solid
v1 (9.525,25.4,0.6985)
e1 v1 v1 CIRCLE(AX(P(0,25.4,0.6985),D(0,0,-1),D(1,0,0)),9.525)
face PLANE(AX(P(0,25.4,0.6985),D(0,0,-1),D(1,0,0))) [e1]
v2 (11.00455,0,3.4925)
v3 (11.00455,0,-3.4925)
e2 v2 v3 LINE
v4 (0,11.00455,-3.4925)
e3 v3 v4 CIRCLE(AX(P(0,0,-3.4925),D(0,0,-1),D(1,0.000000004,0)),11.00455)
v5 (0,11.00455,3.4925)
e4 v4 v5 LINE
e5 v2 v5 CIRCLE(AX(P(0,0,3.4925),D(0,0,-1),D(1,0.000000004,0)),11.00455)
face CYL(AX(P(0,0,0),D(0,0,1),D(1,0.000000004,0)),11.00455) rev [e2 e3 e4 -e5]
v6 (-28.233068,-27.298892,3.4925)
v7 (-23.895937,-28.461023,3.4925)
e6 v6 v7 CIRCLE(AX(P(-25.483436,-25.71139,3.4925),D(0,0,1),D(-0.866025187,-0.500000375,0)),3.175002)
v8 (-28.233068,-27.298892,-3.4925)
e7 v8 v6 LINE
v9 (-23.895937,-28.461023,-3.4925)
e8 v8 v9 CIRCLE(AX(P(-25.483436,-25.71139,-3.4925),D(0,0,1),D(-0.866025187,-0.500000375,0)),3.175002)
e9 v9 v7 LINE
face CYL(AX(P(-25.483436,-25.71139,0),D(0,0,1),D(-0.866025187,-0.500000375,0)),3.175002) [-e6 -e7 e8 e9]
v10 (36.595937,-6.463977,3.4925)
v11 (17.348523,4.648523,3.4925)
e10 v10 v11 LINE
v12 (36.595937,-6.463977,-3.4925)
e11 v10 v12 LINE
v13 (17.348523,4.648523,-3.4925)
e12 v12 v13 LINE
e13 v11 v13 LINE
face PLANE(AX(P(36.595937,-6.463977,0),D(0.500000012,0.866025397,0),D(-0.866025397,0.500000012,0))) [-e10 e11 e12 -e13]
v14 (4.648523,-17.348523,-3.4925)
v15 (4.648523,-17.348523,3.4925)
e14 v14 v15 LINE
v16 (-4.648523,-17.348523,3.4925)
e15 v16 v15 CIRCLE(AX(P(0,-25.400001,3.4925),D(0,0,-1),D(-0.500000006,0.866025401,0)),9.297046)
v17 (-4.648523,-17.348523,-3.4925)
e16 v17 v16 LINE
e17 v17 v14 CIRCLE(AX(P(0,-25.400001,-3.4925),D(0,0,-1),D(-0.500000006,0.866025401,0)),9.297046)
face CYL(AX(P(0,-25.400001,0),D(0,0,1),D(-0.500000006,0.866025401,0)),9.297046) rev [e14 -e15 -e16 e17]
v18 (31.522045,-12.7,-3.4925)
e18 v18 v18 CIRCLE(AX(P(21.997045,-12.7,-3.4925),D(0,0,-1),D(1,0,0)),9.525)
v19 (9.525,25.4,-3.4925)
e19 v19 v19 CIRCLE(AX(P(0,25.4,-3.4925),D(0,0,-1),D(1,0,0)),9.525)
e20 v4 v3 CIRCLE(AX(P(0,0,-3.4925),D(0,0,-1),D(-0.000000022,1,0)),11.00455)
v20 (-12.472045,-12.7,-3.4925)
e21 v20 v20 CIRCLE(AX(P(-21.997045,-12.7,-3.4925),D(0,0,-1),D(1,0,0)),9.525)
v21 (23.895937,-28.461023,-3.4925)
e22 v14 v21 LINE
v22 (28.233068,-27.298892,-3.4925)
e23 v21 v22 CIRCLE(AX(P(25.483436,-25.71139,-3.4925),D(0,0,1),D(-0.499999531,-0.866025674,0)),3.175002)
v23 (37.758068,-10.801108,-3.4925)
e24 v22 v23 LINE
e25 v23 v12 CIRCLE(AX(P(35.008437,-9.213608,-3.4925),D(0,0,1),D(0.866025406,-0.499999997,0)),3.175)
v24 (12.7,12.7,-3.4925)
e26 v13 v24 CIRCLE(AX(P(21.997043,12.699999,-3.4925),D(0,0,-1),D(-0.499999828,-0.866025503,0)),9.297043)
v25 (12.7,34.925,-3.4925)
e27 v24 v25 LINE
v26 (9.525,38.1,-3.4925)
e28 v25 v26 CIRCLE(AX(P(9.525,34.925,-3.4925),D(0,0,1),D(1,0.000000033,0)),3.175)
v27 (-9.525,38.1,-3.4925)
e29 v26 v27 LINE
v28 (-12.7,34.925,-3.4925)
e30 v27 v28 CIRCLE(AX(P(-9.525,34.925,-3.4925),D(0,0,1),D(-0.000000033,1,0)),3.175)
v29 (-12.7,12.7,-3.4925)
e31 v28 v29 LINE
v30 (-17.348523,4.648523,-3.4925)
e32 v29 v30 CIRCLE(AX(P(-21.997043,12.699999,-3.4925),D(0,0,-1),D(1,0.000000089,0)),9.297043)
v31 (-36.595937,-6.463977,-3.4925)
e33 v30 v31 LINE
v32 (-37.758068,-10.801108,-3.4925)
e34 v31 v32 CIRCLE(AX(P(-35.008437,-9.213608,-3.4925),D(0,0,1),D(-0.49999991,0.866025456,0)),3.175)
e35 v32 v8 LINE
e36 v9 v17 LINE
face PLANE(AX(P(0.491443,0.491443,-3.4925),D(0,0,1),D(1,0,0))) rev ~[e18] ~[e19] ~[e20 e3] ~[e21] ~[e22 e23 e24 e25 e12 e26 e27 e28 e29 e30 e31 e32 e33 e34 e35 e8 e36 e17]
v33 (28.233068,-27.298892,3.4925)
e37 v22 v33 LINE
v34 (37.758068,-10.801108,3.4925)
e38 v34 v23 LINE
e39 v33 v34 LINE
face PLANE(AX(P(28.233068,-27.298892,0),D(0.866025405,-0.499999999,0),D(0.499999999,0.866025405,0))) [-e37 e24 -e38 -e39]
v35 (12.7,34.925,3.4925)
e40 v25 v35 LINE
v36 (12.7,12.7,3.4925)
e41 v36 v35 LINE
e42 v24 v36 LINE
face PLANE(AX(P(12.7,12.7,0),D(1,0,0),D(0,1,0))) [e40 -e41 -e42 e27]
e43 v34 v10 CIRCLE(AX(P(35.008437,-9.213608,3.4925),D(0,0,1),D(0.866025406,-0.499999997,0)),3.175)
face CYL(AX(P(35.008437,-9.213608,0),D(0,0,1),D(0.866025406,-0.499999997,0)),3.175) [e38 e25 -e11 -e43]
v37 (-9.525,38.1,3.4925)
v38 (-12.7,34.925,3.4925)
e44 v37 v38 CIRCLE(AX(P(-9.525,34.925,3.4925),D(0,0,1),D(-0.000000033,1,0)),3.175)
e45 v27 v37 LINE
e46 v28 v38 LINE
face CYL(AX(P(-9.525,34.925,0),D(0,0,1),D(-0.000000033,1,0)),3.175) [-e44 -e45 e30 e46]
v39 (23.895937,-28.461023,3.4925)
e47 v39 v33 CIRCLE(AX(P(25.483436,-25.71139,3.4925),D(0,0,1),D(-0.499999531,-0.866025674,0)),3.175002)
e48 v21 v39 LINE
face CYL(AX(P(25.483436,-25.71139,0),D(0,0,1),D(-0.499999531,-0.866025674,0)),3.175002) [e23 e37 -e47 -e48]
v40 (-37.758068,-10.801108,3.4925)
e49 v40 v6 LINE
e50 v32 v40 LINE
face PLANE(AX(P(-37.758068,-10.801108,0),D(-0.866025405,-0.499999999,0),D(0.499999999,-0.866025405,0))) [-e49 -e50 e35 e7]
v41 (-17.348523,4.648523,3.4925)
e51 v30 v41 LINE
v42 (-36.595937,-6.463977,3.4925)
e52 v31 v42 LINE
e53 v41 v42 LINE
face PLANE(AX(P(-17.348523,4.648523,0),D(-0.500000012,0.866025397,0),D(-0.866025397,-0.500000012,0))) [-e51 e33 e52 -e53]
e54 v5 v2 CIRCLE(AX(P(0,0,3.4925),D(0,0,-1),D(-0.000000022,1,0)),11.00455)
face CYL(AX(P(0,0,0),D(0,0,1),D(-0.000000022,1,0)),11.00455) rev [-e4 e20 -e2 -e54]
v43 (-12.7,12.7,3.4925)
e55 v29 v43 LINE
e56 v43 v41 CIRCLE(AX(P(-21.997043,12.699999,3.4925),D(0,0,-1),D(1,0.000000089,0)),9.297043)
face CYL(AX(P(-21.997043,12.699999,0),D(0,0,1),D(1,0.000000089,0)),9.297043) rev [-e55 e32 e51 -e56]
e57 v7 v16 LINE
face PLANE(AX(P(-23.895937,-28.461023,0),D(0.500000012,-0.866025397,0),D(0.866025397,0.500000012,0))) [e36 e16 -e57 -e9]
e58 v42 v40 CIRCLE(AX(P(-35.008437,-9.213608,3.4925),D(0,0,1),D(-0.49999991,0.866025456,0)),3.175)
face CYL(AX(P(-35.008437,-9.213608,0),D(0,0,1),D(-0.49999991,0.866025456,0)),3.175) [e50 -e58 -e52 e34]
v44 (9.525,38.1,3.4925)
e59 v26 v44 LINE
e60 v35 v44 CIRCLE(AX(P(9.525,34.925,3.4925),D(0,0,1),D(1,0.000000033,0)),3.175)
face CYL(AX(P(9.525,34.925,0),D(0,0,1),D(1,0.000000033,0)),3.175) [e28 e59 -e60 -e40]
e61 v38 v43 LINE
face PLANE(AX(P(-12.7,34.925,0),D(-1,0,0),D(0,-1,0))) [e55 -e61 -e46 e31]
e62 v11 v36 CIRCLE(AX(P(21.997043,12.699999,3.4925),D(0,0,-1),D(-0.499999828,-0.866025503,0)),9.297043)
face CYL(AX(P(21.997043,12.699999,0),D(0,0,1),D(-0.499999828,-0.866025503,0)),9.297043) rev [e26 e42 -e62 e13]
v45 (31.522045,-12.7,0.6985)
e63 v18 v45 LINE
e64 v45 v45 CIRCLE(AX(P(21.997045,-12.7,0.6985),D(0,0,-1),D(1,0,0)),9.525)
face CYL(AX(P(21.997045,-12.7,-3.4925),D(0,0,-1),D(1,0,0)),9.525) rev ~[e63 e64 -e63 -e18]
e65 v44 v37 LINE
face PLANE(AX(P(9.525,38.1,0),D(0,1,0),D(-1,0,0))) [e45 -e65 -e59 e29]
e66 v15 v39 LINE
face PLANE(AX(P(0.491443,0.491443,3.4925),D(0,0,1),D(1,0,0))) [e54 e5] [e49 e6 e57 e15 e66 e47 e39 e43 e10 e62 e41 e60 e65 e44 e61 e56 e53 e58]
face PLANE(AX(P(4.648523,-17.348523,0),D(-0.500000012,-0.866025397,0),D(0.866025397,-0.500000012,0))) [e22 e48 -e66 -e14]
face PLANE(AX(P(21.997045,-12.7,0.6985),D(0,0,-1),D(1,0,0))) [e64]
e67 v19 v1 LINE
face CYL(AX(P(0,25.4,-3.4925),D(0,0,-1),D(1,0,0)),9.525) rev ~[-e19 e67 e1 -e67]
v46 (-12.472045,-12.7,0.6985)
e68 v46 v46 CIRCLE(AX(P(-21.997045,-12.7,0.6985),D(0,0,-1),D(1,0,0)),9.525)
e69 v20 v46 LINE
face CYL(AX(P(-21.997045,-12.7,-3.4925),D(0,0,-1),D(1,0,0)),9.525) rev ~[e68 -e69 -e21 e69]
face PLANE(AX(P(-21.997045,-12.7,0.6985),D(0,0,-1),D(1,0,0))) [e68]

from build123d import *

# Parameters (mm, degrees)
F1_DEPTH = 3.4925
F3_R     = 9.525
F4_DEPTH = 4.191


with BuildPart() as f1:
    # F0 (on Top) → F1 (new body, symmetric)
    with BuildSketch(Plane.XY):
        with BuildLine():
            ThreePointArc((0, 11.00455), (-7.781392, -7.781392), (11.00455, 0))
            ThreePointArc((11.00455, 0), (7.781392, 7.781392), (0, 11.00455))
        make_face()
        with BuildLine():
            Line((12.7, 12.7), (0, 12.7))
            Line((0, 12.7), (-12.7, 12.7))
            ThreePointArc((-12.7, 12.7), (-13.945568, 8.051477), (-17.348523, 4.648523))
            Line((-17.348523, 4.648523), (-4.648523, -17.348523))
            ThreePointArc((-4.648523, -17.348523), (0, -16.102955), (4.648523, -17.348523))
            Line((4.648523, -17.348523), (17.348523, 4.648523))
            ThreePointArc((17.348523, 4.648523), (13.945568, 8.051477), (12.7, 12.7))
        make_face()
        with BuildLine():
            ThreePointArc((0, 11.00455), (7.781392, 7.781392), (11.00455, 0))
            ThreePointArc((11.00455, 0), (-7.781392, -7.781392), (0, 11.00455))
        make_face(mode=Mode.SUBTRACT)
        with BuildLine():
            Line((-12.7, 12.7), (0, 12.7))
            Line((0, 12.7), (12.7, 12.7))
            Line((12.7, 12.7), (12.7, 34.925))
            ThreePointArc((12.7, 34.925), (11.770064, 37.170064), (9.525, 38.1))
            Line((9.525, 38.1), (-9.525, 38.1))
            ThreePointArc((-9.525, 38.1), (-11.770064, 37.170064), (-12.7, 34.925))
            Line((-12.7, 34.925), (-12.7, 12.7))
        make_face()
        with BuildLine():
            Line((-4.648523, -17.348523), (-17.348523, 4.648523))
            Line((-17.348523, 4.648523), (-36.595937, -6.463977))
            ThreePointArc((-36.595937, -6.463977), (-38.075252, -8.391858), (-37.758068, -10.801108))
            Line((-37.758068, -10.801108), (-28.233068, -27.298892))
            ThreePointArc((-28.233068, -27.298892), (-26.305188, -28.778206), (-23.895937, -28.461023))
            Line((-23.895937, -28.461023), (-4.648523, -17.348523))
        make_face()
        with BuildLine():
            Line((36.595937, -6.463977), (17.348523, 4.648523))
            Line((17.348523, 4.648523), (4.648523, -17.348523))
            Line((4.648523, -17.348523), (23.895937, -28.461023))
            ThreePointArc((23.895937, -28.461023), (26.305188, -28.778206), (28.233068, -27.298892))
            Line((28.233068, -27.298892), (37.758068, -10.801108))
            ThreePointArc((37.758068, -10.801108), (38.075252, -8.391858), (36.595937, -6.463977))
        make_face()
    extrude(amount=F1_DEPTH, both=True)

    # F3 (on face) → F4 (cut)
    with BuildSketch(Plane(origin=(0, 0, -3.4925), x_dir=(1, 0, 0), z_dir=(0, 0, -1))):
        with Locations((0, -25.4)):
            Circle(F3_R)
        with Locations((21.997045, 12.7)):
            Circle(F3_R)
        with Locations((-21.997045, 12.7)):
            Circle(F3_R)
    extrude(amount=-F4_DEPTH, mode=Mode.SUBTRACT)


solid = f1.part
